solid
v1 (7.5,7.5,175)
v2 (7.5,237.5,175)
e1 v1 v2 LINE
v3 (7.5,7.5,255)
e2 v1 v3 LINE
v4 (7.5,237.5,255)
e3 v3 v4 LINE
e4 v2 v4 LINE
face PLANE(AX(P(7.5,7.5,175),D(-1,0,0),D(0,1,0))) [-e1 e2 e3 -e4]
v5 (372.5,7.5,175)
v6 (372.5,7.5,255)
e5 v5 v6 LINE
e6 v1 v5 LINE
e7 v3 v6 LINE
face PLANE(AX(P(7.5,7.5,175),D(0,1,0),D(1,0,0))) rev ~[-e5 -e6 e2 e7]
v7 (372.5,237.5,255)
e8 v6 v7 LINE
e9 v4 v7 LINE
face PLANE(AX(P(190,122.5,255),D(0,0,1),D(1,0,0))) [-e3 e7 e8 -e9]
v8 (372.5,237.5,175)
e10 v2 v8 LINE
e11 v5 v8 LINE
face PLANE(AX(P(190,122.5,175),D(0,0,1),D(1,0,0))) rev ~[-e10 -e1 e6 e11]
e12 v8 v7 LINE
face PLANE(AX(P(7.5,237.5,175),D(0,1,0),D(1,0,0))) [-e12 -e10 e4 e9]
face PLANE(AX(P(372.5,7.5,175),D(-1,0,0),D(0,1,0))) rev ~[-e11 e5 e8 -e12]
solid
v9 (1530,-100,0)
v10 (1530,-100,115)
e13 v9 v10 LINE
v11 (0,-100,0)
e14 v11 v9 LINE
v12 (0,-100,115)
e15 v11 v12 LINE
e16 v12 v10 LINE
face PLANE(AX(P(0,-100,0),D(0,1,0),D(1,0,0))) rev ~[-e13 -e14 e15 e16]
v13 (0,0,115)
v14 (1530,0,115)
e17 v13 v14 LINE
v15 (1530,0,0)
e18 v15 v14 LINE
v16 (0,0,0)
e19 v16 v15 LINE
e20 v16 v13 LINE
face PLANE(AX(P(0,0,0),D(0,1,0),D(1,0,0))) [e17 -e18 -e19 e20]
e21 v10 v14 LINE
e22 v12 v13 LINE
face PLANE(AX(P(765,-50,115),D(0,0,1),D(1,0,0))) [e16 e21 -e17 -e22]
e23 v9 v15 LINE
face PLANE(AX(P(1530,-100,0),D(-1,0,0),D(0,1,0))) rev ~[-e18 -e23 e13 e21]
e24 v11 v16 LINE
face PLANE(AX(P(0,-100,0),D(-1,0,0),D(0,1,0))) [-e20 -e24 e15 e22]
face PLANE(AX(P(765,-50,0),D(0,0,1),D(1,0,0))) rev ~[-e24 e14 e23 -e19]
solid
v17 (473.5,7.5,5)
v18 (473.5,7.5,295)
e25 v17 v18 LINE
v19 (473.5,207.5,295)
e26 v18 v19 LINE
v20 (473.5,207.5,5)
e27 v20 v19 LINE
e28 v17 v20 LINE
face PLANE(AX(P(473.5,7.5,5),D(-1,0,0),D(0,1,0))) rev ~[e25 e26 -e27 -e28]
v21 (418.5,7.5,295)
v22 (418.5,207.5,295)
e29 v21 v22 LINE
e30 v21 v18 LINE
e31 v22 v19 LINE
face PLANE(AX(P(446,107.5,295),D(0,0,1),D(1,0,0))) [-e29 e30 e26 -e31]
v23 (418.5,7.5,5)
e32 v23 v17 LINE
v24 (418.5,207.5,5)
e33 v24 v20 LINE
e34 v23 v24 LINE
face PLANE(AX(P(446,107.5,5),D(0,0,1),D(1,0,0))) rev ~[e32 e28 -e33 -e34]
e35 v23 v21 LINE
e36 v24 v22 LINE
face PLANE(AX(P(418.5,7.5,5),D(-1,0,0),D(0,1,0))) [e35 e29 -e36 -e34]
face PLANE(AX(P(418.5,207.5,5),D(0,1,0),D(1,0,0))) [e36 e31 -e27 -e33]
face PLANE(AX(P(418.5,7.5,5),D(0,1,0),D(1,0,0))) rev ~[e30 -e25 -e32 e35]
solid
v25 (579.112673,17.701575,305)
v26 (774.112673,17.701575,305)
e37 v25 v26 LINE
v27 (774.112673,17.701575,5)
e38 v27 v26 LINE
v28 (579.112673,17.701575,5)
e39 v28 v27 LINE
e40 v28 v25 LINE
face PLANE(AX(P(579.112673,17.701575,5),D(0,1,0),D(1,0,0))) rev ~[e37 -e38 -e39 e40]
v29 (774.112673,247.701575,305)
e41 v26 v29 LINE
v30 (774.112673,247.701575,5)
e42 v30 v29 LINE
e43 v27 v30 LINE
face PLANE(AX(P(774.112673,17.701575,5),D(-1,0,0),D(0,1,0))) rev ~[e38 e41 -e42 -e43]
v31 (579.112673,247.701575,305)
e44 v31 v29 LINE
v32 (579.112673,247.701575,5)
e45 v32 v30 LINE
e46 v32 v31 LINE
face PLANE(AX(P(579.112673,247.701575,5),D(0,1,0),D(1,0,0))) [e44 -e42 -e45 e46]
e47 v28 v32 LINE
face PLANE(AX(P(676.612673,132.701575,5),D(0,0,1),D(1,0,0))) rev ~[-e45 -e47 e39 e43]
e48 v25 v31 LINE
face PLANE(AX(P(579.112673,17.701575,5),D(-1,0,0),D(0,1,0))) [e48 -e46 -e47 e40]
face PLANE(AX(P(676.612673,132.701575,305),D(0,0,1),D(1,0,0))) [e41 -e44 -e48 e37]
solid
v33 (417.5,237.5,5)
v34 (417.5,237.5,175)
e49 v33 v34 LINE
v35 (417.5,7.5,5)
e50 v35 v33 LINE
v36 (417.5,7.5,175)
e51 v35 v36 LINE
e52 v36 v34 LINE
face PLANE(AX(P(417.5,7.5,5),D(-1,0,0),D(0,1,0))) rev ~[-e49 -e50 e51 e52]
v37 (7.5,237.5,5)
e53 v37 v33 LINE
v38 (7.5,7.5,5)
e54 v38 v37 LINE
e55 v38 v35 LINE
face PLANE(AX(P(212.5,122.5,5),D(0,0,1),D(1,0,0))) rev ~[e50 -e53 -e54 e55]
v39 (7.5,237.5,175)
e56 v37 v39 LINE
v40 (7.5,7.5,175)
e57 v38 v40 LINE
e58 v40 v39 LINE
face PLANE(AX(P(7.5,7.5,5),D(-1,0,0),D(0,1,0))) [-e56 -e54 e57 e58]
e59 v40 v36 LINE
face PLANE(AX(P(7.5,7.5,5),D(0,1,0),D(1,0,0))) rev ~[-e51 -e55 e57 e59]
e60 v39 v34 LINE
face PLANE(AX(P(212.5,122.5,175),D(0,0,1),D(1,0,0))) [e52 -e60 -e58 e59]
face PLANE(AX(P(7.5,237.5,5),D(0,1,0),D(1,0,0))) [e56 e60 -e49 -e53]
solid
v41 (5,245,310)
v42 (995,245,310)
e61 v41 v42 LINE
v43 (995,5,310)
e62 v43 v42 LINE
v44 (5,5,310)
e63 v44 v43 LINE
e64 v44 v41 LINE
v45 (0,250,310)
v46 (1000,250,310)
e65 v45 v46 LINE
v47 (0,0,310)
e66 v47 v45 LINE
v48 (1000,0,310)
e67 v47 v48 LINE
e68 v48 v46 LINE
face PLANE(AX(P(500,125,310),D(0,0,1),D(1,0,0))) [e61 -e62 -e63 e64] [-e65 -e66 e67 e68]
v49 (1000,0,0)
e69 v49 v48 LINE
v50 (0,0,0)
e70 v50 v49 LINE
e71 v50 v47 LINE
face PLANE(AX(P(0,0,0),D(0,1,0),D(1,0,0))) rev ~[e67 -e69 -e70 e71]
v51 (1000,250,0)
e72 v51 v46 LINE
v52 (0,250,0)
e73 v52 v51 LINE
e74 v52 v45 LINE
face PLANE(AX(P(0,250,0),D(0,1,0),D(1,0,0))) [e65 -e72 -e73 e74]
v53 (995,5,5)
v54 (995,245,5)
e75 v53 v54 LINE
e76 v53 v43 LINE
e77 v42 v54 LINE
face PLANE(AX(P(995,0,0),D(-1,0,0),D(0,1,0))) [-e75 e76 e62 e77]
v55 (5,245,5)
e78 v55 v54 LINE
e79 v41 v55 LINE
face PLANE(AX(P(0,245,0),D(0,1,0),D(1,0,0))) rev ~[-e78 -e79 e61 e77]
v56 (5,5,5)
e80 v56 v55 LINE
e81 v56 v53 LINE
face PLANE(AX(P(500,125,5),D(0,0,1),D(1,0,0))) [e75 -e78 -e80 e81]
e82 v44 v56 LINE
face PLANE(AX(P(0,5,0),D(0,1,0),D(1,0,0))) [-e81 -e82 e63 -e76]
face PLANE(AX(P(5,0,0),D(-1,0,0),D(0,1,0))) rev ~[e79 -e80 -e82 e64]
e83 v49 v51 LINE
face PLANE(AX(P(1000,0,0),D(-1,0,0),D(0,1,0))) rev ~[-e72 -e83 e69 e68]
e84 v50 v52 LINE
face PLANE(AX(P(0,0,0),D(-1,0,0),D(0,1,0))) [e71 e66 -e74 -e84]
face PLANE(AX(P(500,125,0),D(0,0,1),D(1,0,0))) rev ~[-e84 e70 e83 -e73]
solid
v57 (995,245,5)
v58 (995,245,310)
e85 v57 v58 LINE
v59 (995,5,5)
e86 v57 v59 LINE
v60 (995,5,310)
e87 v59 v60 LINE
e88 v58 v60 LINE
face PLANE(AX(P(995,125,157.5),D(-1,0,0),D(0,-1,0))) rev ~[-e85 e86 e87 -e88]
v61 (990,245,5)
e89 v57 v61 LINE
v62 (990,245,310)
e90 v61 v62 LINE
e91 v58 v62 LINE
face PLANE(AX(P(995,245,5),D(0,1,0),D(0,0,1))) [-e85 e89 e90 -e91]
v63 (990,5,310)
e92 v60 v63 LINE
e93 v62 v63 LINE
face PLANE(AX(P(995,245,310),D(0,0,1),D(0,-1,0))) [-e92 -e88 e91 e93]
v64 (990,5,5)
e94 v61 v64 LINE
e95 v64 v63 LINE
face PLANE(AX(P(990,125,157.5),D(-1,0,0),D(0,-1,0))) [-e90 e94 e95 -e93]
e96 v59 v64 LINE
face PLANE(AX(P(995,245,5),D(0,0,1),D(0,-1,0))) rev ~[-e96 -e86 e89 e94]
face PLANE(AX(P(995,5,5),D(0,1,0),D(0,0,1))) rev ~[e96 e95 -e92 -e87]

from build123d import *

# Parameters (mm, degrees)
F0_W      = 1000
F0_H      = 250
F1_DEPTH  = 310
F2_T      = -5
F3_W      = 410
F3_H      = 230
F4_DEPTH  = 170
F5_W      = 365
F5_H      = 230
F6_DEPTH  = 80
F7_W      = 55
F7_H      = 200
F8_DEPTH  = 290
F9_W      = 195
F9_H      = 230
F10_DEPTH = 300
F11_W     = 1530
F11_H     = 100
F12_DEPTH = 115
F13_W     = 240
F13_H     = 305
F14_DEPTH = 5


with BuildPart() as f1:
    # F0 (on Top) → F1 (new body)
    with BuildSketch(Plane.XY):
        with Locations((500, 125)):
            Rectangle(F0_W, F0_H)
    extrude(amount=F1_DEPTH)

    # F2
    f2_openings = [f1.faces().sort_by_distance(p)[0] for p in [
        (500, 125, 310),
    ]]
    offset(amount=F2_T, openings=f2_openings)


with BuildPart() as f4:
    # F3 (on face) → F4 (new body)
    with BuildSketch(Plane.XY.offset(5)):
        with Locations((212.5, 122.5)):
            Rectangle(F3_W, F3_H)
    extrude(amount=F4_DEPTH)


with BuildPart() as f6:
    # F5 (on face) → F6 (new body)
    with BuildSketch(Plane.XY.offset(175)):
        with Locations((190, 122.5)):
            Rectangle(F5_W, F5_H)
    extrude(amount=F6_DEPTH)


with BuildPart() as f8:
    # F7 (on face) → F8 (new body)
    with BuildSketch(Plane.XY.offset(5)):
        with Locations((446, 107.5)):
            Rectangle(F7_W, F7_H)
    extrude(amount=F8_DEPTH)


with BuildPart() as f10:
    # F9 (on face) → F10 (new body)
    with BuildSketch(Plane.XY.offset(5)):
        with Locations((676.612673, 132.701575)):
            Rectangle(F9_W, F9_H)
    extrude(amount=F10_DEPTH)


with BuildPart() as f12:
    # F11 (on Top) → F12 (new body)
    with BuildSketch(Plane.XY):
        with Locations((765, -50)):
            Rectangle(F11_W, F11_H)
    extrude(amount=F12_DEPTH)


with BuildPart() as f14:
    # F13 (on face) → F14 (new body)
    with BuildSketch(Plane(origin=(995, 0, 0), x_dir=(0, -1, 0), z_dir=(-1, 0, 0))):
        with Locations((-125, 157.5)):
            Rectangle(F13_W, F13_H)
    extrude(amount=F14_DEPTH)


solid = Compound([f1.part, f4.part, f6.part, f8.part, f10.part, f12.part, f14.part])
